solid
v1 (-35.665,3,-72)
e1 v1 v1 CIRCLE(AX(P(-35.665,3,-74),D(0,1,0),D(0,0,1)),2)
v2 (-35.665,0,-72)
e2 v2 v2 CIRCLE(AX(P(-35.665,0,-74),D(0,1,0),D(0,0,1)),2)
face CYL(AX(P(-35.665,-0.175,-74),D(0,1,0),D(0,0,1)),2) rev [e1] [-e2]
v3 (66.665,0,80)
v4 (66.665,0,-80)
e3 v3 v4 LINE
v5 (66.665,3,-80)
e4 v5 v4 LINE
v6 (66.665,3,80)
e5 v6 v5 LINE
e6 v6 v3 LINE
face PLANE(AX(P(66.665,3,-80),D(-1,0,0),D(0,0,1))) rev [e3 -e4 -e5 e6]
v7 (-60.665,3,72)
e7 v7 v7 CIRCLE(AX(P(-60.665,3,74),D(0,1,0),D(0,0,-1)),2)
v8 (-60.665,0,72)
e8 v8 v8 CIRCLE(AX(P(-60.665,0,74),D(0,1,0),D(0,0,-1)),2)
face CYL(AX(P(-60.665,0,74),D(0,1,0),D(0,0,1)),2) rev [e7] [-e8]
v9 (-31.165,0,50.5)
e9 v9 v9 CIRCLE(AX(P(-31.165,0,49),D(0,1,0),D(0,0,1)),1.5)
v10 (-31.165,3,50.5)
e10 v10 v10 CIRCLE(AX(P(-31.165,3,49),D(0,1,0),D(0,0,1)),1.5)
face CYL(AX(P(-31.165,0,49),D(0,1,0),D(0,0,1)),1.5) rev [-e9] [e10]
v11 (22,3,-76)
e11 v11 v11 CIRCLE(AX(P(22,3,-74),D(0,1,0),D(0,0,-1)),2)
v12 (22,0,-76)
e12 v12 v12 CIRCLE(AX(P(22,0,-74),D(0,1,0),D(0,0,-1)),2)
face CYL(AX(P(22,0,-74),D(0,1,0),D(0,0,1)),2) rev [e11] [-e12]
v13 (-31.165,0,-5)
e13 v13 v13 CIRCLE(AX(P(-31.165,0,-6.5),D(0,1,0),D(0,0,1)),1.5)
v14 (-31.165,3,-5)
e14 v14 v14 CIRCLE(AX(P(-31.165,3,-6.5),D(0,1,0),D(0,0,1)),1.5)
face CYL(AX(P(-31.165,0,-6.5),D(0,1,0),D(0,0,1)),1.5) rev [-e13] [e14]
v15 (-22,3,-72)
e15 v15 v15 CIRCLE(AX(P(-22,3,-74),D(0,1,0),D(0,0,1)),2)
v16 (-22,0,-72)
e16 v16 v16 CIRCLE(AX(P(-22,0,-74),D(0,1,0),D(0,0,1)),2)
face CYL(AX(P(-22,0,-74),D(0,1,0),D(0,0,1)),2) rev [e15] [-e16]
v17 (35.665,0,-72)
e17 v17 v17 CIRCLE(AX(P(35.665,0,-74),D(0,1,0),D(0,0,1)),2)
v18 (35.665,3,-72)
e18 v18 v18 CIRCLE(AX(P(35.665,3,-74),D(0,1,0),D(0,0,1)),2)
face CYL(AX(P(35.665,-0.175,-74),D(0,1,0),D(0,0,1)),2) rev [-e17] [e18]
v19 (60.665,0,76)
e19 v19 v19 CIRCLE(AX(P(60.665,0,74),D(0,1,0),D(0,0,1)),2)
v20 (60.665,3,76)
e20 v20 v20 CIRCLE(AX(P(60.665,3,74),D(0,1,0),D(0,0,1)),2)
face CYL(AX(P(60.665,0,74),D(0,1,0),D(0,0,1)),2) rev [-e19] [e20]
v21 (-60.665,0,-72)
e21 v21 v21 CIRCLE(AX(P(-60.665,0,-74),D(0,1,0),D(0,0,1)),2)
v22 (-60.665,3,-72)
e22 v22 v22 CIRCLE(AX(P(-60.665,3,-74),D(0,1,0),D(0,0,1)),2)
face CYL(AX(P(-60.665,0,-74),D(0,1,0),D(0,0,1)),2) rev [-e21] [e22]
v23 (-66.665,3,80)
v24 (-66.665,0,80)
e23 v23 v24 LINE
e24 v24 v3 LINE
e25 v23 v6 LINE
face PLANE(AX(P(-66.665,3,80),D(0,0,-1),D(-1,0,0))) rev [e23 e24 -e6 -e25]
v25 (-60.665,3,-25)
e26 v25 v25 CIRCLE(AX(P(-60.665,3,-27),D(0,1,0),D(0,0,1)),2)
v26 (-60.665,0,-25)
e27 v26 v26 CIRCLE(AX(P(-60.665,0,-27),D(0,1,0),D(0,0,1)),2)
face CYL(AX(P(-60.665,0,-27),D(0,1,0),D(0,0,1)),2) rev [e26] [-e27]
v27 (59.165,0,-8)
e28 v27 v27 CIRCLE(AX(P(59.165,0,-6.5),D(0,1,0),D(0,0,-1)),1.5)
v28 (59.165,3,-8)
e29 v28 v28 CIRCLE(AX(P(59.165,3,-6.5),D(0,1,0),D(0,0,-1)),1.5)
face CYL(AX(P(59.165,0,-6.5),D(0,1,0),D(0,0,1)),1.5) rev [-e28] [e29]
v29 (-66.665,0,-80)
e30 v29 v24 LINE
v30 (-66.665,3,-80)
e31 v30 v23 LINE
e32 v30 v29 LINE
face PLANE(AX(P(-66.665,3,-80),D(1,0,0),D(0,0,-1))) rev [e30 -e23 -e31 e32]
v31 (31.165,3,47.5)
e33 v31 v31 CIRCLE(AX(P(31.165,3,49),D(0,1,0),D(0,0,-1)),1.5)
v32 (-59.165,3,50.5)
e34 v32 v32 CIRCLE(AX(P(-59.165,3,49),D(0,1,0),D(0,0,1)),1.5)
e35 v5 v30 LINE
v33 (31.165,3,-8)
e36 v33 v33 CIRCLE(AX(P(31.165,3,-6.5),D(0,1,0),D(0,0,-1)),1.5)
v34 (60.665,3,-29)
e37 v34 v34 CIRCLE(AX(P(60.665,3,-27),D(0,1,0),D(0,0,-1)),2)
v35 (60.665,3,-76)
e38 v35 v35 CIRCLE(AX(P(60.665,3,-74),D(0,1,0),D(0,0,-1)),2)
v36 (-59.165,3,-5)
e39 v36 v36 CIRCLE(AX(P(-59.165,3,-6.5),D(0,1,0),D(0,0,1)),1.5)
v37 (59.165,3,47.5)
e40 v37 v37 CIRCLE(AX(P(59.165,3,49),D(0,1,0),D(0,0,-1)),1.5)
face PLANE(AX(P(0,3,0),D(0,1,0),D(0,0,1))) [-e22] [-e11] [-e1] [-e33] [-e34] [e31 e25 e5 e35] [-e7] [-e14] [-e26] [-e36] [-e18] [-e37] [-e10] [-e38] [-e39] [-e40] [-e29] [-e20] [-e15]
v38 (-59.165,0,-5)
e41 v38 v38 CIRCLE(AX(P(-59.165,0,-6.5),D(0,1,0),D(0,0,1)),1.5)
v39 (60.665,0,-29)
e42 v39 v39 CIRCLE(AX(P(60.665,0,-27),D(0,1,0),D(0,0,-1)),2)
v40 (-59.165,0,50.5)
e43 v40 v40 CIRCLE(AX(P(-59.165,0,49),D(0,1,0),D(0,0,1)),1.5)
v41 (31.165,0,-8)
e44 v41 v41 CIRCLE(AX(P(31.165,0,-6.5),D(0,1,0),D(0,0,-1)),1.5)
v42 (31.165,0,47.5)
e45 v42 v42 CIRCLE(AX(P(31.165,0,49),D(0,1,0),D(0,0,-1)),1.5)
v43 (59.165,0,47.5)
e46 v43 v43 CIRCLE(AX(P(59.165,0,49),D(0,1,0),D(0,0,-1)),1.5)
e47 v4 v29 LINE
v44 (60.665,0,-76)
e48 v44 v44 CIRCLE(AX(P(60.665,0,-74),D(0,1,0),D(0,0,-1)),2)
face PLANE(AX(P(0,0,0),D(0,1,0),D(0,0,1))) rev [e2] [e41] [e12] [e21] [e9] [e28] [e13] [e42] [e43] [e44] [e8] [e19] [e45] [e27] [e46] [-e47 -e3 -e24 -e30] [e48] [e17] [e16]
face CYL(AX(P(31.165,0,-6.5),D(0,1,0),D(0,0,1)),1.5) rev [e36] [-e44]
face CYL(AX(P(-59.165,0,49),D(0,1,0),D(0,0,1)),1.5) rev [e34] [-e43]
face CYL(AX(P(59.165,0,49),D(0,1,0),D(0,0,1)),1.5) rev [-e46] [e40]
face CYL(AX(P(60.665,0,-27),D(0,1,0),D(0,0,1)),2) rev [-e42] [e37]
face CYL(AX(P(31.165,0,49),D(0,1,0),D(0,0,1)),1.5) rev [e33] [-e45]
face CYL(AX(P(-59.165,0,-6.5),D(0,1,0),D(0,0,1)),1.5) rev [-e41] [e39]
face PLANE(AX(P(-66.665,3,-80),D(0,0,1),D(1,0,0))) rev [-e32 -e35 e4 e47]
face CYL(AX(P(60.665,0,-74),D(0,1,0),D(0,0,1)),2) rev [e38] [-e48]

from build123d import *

# Parameters (mm, degrees)
ESQUISSE1_W             = 133.33
ESQUISSE1_H             = 160
BOSS_EXTRU_1_DEPTH      = 3
ESQUISSE2_R             = 2
ENL_V_MAT_EXTRU_1_DEPTH = 105.178799307
ESQUISSE3_R             = 2
ESQUISSE3_R_2           = 1.5
ENL_V_MAT_EXTRU_2_DEPTH = 105.178799307
ESQUISSE4_R             = 2
ENL_V_MAT_EXTRU_3_DEPTH = 3.175
ESQUISSE5_R             = 2
ENL_V_MAT_EXTRU_4_DEPTH = 105.178799307


with BuildPart() as part:
    # Esquisse1 → Boss.-Extru.1 (new body)
    with BuildSketch(Plane(origin=(0, 0, 0), x_dir=(1, 0, 0), z_dir=(0, 1, 0))):
        Rectangle(ESQUISSE1_W, ESQUISSE1_H)
    extrude(amount=BOSS_EXTRU_1_DEPTH)

    # Esquisse2 → Enlèv. mat.-Extru.1 (cut, through all)
    with BuildSketch(Plane(origin=(0, 3, 0), x_dir=(1, 0, 0), z_dir=(0, 1, 0))):
        with Locations(Location((-60.665, 74, 0), (0, 0, 270))):
            Circle(ESQUISSE2_R)
        with Locations(Location((60.665, 74, 0), (0, 0, 90))):
            Circle(ESQUISSE2_R)
        with Locations(Location((60.665, -74, 0), (0, 0, 270))):
            Circle(ESQUISSE2_R)
        with Locations(Location((-60.665, -74, 0), (0, 0, 90))):
            Circle(ESQUISSE2_R)
    extrude(amount=-ENL_V_MAT_EXTRU_1_DEPTH, mode=Mode.SUBTRACT)

    # Esquisse3 → Enlèv. mat.-Extru.2 (cut, through all)
    with BuildSketch(Plane(origin=(0, 3, 0), x_dir=(1, 0, 0), z_dir=(0, 1, 0))):
        with Locations(Location((-60.665, 27, 0), (0, 0, 270))):
            Circle(ESQUISSE3_R)
        with Locations(Location((60.665, 27, 0), (0, 0, 90))):
            Circle(ESQUISSE3_R)
        with Locations(Location((-59.165, 6.5, 0), (0, 0, 270))):
            Circle(ESQUISSE3_R_2)
        with Locations(Location((-31.165, 6.5, 0), (0, 0, 270))):
            Circle(ESQUISSE3_R_2)
        with Locations(Location((-59.165, -49, 0), (0, 0, 270))):
            Circle(ESQUISSE3_R_2)
        with Locations(Location((-31.165, -49, 0), (0, 0, 270))):
            Circle(ESQUISSE3_R_2)
        with Locations(Location((31.165, -49, 0), (0, 0, 90))):
            Circle(ESQUISSE3_R_2)
        with Locations(Location((59.165, -49, 0), (0, 0, 90))):
            Circle(ESQUISSE3_R_2)
        with Locations(Location((59.165, 6.5, 0), (0, 0, 90))):
            Circle(ESQUISSE3_R_2)
        with Locations(Location((31.165, 6.5, 0), (0, 0, 90))):
            Circle(ESQUISSE3_R_2)
    extrude(amount=-ENL_V_MAT_EXTRU_2_DEPTH, mode=Mode.SUBTRACT)

    # Esquisse4 → Enlèv. mat.-Extru.3 (cut)
    with BuildSketch(Plane(origin=(0, 3, 0), x_dir=(1, 0, 0), z_dir=(0, 1, 0))):
        with Locations(Location((-35.665, 74, 0), (0, 0, 270))):
            Circle(ESQUISSE4_R)
        with Locations(Location((35.665, 74, 0), (0, 0, 270))):
            Circle(ESQUISSE4_R)
    extrude(amount=-ENL_V_MAT_EXTRU_3_DEPTH, mode=Mode.SUBTRACT)

    # Esquisse5 → Enlèv. mat.-Extru.4 (cut, through all)
    with BuildSketch(Plane(origin=(0, 3, 0), x_dir=(1, 0, 0), z_dir=(0, 1, 0))):
        with Locations(Location((-22, 74, 0), (0, 0, 270))):
            Circle(ESQUISSE5_R)
        with Locations(Location((22, 74, 0), (0, 0, 90))):
            Circle(ESQUISSE5_R)
    extrude(amount=-ENL_V_MAT_EXTRU_4_DEPTH, mode=Mode.SUBTRACT)


solid = part.part
